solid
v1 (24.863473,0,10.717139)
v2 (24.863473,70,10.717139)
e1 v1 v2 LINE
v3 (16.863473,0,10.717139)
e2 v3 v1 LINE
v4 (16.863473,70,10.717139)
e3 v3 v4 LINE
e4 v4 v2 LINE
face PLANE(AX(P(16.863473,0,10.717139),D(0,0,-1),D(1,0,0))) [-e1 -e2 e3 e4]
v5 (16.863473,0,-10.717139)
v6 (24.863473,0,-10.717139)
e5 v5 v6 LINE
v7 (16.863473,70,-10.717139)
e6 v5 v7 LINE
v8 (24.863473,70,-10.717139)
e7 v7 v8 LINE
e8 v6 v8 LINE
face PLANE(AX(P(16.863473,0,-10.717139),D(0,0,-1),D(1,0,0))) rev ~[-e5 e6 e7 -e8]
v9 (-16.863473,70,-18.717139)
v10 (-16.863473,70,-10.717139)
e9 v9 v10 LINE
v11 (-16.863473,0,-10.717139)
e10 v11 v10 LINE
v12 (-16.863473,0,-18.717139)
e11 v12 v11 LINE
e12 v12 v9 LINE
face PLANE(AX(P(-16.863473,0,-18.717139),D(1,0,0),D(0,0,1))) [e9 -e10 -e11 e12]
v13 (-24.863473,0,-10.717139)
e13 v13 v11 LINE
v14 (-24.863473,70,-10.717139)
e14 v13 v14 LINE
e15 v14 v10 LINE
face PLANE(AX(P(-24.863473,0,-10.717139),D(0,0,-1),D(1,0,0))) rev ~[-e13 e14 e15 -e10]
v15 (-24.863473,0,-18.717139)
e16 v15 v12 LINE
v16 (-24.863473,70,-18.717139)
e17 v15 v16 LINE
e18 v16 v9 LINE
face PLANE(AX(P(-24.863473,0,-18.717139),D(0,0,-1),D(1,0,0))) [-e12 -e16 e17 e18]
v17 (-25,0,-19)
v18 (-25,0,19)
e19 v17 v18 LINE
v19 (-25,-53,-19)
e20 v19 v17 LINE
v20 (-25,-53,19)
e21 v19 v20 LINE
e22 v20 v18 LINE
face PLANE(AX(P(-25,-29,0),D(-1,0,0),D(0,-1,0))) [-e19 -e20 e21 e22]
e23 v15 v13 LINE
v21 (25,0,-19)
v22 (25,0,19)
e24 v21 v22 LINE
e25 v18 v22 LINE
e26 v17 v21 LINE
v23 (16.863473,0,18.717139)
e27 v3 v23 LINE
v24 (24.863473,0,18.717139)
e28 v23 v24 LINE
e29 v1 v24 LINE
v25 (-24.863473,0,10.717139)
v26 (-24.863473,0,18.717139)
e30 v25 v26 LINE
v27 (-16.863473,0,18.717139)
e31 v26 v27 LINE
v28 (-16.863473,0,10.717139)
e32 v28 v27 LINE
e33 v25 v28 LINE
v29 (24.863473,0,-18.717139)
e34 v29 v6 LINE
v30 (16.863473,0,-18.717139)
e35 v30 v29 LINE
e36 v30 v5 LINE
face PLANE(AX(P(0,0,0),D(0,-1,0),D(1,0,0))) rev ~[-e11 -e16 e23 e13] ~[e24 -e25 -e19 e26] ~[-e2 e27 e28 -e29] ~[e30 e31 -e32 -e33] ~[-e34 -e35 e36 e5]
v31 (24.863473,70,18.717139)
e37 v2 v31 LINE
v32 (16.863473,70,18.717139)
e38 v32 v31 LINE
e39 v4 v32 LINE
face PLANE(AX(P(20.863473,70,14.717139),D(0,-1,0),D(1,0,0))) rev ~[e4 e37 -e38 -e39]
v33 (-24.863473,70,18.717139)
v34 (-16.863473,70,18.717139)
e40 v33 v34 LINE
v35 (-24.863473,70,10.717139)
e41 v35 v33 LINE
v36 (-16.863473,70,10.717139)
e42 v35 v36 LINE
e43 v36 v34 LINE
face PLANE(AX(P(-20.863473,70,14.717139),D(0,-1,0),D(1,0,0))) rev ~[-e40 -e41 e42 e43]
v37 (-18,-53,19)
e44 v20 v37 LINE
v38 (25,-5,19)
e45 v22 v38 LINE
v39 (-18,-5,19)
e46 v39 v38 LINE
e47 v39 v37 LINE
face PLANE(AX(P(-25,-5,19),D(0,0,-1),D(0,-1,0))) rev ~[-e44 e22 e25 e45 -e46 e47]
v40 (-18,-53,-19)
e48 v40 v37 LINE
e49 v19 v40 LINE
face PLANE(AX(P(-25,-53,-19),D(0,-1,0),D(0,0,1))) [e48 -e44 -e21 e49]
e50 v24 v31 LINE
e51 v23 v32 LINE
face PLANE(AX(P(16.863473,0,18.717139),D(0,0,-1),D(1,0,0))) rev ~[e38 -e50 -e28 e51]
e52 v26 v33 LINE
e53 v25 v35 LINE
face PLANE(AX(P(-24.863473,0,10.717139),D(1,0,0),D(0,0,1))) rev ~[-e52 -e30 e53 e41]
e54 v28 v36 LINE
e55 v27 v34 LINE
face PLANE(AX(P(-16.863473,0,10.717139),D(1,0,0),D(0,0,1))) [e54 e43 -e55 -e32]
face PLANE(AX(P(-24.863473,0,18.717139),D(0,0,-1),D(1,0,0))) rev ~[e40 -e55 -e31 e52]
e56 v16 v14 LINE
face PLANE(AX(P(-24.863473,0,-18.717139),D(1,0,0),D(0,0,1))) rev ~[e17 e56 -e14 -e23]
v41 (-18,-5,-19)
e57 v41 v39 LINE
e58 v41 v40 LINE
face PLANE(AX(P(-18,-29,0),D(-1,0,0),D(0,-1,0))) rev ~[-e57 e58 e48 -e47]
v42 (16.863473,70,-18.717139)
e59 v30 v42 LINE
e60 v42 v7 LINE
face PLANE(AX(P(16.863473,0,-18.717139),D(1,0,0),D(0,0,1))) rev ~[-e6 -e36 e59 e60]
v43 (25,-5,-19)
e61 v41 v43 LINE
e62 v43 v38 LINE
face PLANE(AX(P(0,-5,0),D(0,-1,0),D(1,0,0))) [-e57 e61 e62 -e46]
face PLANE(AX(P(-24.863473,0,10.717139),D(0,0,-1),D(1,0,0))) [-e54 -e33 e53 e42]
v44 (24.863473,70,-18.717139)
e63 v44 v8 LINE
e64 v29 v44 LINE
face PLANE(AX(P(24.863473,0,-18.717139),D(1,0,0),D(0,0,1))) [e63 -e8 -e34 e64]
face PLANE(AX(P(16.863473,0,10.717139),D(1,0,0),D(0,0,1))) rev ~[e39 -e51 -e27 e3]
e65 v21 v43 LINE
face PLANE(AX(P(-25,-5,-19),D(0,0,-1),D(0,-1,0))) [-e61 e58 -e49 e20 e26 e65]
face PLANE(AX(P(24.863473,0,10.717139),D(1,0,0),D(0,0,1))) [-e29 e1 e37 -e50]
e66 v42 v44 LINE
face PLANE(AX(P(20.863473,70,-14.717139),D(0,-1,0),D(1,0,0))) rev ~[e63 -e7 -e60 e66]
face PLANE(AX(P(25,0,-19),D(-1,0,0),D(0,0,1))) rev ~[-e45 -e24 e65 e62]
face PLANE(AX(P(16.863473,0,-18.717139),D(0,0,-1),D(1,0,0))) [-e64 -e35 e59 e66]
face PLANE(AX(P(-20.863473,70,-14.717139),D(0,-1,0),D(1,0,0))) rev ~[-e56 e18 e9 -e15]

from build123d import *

# Parameters (mm, degrees)
F0_W     = 50
F0_H     = 38
F1_DEPTH = 5
F2_W     = 8
F2_H     = 8
F3_DEPTH = 70
F4_W     = 48
F4_H     = 38
F5_DEPTH = 7


with BuildPart() as f1:
    # F0 (on Front) → F1 (new body)
    with BuildSketch(Plane.XZ):
        Rectangle(F0_W, F0_H)
    extrude(amount=F1_DEPTH)

    # F2 (on Front) → F3 (join)
    with BuildSketch(Plane.XZ):
        with Locations((20.863473, 14.717139)):
            Rectangle(F2_W, F2_H)
        with Locations((20.863473, -14.717139)):
            Rectangle(F2_W, F2_H)
        with Locations((-20.863473, -14.717139)):
            Rectangle(F2_W, F2_H)
        with Locations((-20.863473, 14.717139)):
            Rectangle(F2_W, F2_H)
    extrude(amount=-F3_DEPTH)

    # F4 (on face) → F5 (join)
    with BuildSketch(Plane(origin=(-25, 0, 0), x_dir=(0, -1, 0), z_dir=(-1, 0, 0))):
        with Locations((29, 0)):
            Rectangle(F4_W, F4_H)
    extrude(amount=-F5_DEPTH)


solid = f1.part
